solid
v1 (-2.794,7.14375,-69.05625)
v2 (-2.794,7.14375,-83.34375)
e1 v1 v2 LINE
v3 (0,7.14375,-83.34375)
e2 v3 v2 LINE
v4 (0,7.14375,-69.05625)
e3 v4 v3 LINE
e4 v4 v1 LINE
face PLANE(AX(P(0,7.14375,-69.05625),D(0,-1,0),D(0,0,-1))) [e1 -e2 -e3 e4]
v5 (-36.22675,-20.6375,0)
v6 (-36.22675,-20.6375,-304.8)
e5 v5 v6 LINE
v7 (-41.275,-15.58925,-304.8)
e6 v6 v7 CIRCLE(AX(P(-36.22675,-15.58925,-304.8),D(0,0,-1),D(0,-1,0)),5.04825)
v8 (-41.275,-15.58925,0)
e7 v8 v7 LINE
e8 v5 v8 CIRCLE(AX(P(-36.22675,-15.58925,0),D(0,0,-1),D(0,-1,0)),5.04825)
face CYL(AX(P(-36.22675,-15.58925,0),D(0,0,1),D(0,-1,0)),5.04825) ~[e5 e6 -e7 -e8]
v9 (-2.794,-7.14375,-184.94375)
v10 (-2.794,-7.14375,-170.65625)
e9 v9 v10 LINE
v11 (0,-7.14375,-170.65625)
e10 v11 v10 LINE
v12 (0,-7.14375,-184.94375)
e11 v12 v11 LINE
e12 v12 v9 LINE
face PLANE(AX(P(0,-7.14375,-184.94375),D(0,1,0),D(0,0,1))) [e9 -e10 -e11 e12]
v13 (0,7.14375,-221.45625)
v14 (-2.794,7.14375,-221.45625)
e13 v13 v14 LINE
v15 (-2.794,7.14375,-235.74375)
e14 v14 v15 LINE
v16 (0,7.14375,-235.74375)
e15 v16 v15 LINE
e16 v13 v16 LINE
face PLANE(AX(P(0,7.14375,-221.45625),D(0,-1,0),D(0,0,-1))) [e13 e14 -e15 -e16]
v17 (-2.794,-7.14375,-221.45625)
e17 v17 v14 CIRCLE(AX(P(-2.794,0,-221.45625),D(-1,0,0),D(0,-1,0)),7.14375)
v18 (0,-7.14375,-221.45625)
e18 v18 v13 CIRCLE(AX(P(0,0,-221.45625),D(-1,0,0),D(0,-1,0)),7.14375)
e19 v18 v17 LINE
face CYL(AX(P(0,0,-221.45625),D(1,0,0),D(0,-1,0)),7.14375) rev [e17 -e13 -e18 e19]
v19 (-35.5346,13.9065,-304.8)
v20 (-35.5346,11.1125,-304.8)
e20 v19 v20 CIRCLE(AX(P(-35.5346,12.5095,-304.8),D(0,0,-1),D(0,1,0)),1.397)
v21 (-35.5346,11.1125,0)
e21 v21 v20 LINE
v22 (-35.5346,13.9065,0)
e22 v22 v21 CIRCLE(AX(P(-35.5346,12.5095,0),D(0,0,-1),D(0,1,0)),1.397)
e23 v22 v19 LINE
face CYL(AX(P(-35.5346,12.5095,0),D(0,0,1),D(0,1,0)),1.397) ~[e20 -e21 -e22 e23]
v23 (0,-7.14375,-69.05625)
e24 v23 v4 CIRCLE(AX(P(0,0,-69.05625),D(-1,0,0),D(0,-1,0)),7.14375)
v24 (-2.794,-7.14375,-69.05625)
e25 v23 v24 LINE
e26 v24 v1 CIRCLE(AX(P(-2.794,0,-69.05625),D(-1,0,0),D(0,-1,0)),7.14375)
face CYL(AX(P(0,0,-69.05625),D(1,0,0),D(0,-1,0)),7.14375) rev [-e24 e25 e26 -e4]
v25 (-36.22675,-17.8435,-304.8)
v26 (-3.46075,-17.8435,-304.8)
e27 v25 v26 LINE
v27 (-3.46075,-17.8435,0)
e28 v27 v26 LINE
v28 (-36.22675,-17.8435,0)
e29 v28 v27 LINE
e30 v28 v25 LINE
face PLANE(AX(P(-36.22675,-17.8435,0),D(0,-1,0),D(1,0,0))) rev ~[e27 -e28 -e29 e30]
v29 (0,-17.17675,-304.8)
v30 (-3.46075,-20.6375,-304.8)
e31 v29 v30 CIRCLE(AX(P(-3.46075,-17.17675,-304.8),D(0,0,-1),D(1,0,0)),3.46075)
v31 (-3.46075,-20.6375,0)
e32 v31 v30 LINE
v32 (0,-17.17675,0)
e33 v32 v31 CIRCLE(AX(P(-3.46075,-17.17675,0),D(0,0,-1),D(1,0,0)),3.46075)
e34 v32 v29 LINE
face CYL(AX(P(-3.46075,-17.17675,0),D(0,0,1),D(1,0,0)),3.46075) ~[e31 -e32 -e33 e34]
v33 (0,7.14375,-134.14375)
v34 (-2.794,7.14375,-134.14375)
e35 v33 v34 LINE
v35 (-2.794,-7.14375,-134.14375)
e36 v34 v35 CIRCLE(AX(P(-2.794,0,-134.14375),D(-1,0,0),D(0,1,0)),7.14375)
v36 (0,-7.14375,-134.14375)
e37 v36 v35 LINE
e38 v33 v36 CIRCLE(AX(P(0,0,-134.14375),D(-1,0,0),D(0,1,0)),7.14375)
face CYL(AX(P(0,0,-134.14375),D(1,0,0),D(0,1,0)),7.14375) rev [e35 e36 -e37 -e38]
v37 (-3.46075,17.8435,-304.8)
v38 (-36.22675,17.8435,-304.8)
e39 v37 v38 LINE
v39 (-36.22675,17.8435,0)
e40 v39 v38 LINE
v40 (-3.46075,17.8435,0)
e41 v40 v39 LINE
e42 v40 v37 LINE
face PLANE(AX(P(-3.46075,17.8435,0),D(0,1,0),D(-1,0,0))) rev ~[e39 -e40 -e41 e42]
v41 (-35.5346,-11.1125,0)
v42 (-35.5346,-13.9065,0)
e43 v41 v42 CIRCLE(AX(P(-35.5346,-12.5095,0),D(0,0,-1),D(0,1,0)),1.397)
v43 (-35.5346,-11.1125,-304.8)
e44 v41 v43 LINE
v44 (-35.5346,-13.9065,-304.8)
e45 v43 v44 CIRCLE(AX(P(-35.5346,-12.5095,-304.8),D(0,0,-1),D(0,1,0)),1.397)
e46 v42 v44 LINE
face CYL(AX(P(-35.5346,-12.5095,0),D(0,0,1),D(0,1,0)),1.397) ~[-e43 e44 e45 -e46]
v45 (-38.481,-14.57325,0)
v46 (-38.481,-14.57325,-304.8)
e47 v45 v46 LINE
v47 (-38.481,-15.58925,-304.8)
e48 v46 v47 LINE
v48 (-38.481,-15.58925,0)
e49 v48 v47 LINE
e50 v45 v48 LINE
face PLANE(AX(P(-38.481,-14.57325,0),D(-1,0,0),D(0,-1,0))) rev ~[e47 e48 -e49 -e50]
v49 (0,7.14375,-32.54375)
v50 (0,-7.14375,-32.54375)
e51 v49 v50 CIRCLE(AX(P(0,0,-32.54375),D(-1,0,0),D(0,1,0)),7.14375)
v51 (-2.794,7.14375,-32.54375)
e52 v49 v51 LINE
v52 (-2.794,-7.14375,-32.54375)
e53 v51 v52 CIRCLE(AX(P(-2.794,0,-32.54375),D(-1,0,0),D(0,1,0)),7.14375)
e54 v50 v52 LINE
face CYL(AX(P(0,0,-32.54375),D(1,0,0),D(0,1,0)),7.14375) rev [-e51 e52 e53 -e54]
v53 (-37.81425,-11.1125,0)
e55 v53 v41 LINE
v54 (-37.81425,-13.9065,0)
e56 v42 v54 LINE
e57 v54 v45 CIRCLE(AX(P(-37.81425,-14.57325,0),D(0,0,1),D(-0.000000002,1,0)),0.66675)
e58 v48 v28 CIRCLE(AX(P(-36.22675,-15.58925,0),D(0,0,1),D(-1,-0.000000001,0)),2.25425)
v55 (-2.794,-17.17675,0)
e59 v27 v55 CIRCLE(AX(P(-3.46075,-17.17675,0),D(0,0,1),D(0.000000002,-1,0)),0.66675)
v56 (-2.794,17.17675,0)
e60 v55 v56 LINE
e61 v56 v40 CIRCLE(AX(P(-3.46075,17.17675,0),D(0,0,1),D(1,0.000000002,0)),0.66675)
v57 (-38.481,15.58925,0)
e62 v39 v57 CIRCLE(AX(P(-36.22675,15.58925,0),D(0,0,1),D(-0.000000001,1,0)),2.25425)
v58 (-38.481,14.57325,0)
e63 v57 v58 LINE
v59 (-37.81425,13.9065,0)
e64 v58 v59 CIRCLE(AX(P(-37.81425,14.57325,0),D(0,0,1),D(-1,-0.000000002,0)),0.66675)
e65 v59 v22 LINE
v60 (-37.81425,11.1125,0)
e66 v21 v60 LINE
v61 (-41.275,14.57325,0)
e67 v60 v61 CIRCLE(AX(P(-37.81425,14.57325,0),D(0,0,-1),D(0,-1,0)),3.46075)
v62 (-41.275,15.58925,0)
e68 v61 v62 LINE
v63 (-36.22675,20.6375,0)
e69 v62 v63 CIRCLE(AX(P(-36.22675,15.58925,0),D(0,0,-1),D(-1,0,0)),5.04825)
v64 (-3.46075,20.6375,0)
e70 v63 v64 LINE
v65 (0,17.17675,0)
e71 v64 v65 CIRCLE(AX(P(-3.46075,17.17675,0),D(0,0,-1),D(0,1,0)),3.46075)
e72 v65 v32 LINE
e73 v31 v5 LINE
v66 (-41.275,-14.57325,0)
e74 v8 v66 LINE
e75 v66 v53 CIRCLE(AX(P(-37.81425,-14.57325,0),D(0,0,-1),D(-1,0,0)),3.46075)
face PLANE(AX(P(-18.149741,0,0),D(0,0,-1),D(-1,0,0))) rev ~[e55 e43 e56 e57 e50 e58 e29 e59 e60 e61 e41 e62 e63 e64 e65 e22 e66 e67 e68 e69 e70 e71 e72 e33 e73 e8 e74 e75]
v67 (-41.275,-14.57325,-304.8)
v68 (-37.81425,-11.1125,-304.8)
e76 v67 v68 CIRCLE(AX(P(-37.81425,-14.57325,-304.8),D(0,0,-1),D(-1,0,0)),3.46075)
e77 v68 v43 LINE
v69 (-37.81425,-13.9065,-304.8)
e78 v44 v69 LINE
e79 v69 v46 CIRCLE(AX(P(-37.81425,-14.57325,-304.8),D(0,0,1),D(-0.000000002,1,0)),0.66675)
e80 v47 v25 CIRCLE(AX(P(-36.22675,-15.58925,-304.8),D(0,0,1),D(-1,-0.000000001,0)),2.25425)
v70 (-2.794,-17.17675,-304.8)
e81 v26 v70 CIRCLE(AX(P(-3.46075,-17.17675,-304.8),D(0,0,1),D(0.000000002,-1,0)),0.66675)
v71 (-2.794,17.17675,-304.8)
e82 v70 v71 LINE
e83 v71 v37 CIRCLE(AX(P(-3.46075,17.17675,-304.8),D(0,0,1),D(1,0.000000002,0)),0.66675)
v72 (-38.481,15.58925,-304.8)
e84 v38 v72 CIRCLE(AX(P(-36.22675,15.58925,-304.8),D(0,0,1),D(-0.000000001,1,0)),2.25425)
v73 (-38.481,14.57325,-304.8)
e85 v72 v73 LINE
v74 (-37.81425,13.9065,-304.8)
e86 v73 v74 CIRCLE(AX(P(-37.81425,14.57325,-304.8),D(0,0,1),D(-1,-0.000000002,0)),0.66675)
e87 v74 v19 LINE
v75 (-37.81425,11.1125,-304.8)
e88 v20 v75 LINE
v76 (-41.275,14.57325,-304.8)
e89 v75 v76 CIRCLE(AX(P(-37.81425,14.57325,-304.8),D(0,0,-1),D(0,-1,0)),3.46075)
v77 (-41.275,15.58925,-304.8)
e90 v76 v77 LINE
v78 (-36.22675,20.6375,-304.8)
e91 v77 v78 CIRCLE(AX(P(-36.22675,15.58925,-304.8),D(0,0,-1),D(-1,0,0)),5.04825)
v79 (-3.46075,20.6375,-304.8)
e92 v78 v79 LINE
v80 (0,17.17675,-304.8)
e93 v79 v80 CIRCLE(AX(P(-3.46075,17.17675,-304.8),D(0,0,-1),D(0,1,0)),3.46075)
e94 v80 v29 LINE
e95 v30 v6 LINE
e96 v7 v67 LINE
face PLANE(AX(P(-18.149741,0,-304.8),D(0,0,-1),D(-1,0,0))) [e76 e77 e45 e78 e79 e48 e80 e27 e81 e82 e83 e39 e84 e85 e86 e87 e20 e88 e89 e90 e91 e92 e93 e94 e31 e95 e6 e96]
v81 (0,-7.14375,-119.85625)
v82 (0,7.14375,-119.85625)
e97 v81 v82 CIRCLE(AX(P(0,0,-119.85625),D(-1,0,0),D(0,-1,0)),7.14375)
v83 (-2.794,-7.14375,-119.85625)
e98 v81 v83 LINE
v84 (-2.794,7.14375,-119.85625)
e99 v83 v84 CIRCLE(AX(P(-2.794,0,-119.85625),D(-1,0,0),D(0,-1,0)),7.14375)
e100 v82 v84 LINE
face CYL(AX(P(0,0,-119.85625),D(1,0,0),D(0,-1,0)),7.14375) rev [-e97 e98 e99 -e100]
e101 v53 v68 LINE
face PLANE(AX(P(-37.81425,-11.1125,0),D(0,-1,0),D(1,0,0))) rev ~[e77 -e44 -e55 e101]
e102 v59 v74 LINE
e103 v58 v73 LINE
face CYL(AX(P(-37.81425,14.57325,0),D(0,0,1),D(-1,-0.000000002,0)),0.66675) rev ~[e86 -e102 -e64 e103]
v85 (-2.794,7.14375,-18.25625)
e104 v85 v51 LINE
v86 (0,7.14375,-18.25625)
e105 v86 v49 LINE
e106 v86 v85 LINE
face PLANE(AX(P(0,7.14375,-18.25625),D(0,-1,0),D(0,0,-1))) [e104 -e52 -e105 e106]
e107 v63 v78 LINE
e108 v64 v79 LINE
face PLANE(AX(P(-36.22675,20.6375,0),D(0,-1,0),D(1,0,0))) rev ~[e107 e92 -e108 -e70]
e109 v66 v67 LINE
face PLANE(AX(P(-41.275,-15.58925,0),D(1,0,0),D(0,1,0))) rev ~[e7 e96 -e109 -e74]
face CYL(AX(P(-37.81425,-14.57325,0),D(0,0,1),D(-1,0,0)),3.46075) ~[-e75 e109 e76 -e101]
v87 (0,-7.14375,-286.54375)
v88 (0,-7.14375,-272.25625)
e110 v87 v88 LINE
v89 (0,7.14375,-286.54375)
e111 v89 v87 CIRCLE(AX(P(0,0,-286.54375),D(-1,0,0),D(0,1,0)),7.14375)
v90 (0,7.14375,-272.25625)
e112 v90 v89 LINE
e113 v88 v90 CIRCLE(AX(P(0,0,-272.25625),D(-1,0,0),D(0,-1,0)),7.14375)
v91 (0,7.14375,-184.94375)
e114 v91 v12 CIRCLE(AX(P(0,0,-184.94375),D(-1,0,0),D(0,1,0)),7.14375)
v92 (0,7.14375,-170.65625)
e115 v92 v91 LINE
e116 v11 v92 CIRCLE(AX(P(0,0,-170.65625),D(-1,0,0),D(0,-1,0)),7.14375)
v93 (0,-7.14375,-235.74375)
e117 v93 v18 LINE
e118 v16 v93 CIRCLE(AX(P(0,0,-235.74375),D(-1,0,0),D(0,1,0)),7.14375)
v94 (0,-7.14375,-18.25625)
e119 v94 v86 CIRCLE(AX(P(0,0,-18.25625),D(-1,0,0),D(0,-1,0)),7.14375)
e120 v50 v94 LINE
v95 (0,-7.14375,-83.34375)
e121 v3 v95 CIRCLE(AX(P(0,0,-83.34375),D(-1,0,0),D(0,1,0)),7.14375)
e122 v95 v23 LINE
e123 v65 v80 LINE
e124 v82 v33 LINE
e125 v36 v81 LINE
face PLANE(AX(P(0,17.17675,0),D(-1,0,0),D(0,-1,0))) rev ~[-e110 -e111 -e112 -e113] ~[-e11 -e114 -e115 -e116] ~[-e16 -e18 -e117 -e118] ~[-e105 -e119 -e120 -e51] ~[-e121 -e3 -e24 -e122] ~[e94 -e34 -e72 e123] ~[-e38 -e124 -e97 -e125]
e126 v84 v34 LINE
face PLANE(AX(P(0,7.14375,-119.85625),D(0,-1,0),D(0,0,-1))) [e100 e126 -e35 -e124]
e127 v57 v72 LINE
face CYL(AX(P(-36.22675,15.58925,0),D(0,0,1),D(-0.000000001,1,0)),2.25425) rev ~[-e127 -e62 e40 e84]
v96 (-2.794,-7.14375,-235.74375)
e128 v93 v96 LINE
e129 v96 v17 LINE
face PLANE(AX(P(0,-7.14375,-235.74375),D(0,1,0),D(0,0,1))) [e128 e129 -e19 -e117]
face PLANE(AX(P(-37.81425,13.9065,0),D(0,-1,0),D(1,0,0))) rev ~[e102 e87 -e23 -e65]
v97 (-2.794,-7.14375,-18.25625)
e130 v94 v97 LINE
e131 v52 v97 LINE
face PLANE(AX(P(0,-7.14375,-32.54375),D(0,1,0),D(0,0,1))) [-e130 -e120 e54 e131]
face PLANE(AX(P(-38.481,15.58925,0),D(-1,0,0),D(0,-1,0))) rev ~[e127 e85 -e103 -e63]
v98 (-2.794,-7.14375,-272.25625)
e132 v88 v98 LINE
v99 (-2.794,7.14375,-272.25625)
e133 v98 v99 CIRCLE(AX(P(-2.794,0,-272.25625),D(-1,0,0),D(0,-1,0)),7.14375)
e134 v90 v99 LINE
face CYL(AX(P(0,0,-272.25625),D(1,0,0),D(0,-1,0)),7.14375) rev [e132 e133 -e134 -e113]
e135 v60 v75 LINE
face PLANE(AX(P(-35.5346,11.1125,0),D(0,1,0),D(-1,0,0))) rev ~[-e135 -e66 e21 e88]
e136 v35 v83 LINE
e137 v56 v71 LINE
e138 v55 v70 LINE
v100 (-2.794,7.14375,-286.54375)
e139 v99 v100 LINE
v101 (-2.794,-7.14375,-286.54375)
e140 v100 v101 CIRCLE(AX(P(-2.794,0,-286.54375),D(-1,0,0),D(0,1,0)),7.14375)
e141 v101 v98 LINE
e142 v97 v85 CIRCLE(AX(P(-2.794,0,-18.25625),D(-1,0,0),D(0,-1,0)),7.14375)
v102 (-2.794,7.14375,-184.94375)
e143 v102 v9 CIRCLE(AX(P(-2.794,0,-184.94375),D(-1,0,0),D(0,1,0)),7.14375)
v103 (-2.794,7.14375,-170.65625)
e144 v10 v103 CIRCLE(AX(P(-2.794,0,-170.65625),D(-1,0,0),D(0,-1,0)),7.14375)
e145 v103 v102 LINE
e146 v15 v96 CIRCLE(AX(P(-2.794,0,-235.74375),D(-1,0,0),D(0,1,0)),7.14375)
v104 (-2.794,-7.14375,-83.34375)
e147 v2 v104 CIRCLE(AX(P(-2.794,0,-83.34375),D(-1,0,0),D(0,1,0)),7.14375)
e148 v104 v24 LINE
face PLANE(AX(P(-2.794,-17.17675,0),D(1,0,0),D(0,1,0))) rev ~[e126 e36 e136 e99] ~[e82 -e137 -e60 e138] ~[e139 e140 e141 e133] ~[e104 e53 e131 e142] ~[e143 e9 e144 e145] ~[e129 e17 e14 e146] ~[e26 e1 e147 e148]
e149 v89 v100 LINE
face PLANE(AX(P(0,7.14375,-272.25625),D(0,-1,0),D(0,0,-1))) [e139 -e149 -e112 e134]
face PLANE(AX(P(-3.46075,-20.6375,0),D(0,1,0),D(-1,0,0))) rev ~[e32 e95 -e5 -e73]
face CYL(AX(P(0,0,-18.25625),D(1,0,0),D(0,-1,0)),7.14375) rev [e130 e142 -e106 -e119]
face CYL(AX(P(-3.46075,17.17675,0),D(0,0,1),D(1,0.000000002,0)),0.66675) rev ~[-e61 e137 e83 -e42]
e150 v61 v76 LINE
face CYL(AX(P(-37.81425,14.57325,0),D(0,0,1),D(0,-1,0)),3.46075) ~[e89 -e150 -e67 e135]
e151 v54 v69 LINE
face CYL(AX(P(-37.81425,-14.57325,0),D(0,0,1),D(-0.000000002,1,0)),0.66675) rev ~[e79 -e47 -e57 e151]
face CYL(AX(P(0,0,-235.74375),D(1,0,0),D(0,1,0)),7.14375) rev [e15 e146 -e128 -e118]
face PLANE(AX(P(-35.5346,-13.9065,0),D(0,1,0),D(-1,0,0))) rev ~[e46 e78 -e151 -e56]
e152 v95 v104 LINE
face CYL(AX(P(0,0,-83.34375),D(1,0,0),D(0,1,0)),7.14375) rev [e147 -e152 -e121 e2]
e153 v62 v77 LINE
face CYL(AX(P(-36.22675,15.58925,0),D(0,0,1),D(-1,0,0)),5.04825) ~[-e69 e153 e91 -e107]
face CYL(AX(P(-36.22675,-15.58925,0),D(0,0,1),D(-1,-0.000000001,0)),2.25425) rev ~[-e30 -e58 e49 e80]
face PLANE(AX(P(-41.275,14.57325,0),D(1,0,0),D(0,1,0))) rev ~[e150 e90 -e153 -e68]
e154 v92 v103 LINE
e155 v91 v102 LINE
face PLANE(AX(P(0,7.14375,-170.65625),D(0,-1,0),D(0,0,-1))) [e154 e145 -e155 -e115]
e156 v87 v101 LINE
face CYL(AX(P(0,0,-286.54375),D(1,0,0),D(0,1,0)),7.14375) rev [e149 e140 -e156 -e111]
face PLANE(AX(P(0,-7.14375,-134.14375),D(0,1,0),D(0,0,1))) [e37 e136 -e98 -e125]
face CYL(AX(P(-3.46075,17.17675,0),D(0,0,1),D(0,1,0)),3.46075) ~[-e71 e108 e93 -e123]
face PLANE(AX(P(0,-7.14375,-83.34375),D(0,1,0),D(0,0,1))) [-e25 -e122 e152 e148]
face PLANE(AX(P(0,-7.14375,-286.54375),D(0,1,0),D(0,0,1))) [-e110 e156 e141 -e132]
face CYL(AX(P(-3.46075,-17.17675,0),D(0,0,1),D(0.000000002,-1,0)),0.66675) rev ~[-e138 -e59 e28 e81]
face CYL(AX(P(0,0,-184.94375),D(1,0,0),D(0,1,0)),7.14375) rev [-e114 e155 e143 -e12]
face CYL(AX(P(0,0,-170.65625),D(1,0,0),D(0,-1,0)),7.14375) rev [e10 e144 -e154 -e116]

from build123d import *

# Parameters (mm, degrees)
BOSS_EXTRUDE1_DEPTH = 304.8
CUT_EXTRUDE1_DEPTH  = 2.794
LPATTERN1_COUNT     = 6
LPATTERN1_PITCH     = 50.8


with BuildPart() as part:
    # Sketch1 → Boss-Extrude1 (new body)
    with BuildSketch(Plane.XY):
        with BuildLine():
            Line((-36.22675, 20.6375), (-3.46075, 20.6375))
            ThreePointArc((-3.46075, 20.6375), (-1.013630207, 19.623869793), (0, 17.17675))
            Line((0, 17.17675), (0, -17.17675))
            ThreePointArc((0, -17.17675), (-1.013630207, -19.623869793), (-3.46075, -20.6375))
            Line((-3.46075, -20.6375), (-36.22675, -20.6375))
            ThreePointArc((-36.22675, -20.6375), (-39.796401808, -19.158901808), (-41.275, -15.58925))
            Line((-41.275, -15.58925), (-41.275, -14.57325))
            ThreePointArc((-41.275, -14.57325), (-40.261369793, -12.126130207), (-37.81425, -11.1125))
            Line((-37.81425, -11.1125), (-35.5346, -11.1125))
            ThreePointArc((-35.5346, -11.1125), (-34.1376, -12.5095), (-35.5346, -13.9065))
            Line((-35.5346, -13.9065), (-37.81425, -13.9065))
            ThreePointArc((-37.81425, -13.9065), (-38.285713446, -14.101786554), (-38.481, -14.57325))
            Line((-38.481, -14.57325), (-38.481, -15.58925))
            ThreePointArc((-38.481, -15.58925), (-37.820745461, -17.183245461), (-36.22675, -17.8435))
            Line((-36.22675, -17.8435), (-3.46075, -17.8435))
            ThreePointArc((-3.46075, -17.8435), (-2.989286554, -17.648213446), (-2.794, -17.17675))
            Line((-2.794, -17.17675), (-2.794, 17.17675))
            ThreePointArc((-2.794, 17.17675), (-2.989286554, 17.648213446), (-3.46075, 17.8435))
            Line((-3.46075, 17.8435), (-36.22675, 17.8435))
            ThreePointArc((-36.22675, 17.8435), (-37.820745461, 17.183245461), (-38.481, 15.58925))
            Line((-38.481, 15.58925), (-38.481, 14.57325))
            ThreePointArc((-38.481, 14.57325), (-38.285713446, 14.101786554), (-37.81425, 13.9065))
            Line((-37.81425, 13.9065), (-35.5346, 13.9065))
            ThreePointArc((-35.5346, 13.9065), (-34.1376, 12.5095), (-35.5346, 11.1125))
            Line((-35.5346, 11.1125), (-37.81425, 11.1125))
            ThreePointArc((-37.81425, 11.1125), (-40.261369793, 12.126130207), (-41.275, 14.57325))
            Line((-41.275, 14.57325), (-41.275, 15.58925))
            ThreePointArc((-41.275, 15.58925), (-39.796401808, 19.158901808), (-36.22675, 20.6375))
        make_face()
    extrude(amount=-BOSS_EXTRUDE1_DEPTH)

    # Sketch2 → Cut-Extrude1 (cut)
    with BuildSketch(Plane(origin=(0, 0, 0), x_dir=(0, 0, -1), z_dir=(1, 0, 0))):
        with BuildLine():
            Line((18.25625, 7.14375), (32.54375, 7.14375))
            ThreePointArc((32.54375, 7.14375), (39.6875, 0), (32.54375, -7.14375))
            Line((32.54375, -7.14375), (18.25625, -7.14375))
            ThreePointArc((18.25625, -7.14375), (11.1125, 0), (18.25625, 7.14375))
        make_face()
    cut_extrude1 = extrude(amount=-CUT_EXTRUDE1_DEPTH, mode=Mode.SUBTRACT)

    # LPattern1: Cut-Extrude1 ×6
    with Locations(*[(0, 0, -i * LPATTERN1_PITCH) for i in range(1, LPATTERN1_COUNT)]):
        add(cut_extrude1, mode=Mode.SUBTRACT)


solid = part.part
